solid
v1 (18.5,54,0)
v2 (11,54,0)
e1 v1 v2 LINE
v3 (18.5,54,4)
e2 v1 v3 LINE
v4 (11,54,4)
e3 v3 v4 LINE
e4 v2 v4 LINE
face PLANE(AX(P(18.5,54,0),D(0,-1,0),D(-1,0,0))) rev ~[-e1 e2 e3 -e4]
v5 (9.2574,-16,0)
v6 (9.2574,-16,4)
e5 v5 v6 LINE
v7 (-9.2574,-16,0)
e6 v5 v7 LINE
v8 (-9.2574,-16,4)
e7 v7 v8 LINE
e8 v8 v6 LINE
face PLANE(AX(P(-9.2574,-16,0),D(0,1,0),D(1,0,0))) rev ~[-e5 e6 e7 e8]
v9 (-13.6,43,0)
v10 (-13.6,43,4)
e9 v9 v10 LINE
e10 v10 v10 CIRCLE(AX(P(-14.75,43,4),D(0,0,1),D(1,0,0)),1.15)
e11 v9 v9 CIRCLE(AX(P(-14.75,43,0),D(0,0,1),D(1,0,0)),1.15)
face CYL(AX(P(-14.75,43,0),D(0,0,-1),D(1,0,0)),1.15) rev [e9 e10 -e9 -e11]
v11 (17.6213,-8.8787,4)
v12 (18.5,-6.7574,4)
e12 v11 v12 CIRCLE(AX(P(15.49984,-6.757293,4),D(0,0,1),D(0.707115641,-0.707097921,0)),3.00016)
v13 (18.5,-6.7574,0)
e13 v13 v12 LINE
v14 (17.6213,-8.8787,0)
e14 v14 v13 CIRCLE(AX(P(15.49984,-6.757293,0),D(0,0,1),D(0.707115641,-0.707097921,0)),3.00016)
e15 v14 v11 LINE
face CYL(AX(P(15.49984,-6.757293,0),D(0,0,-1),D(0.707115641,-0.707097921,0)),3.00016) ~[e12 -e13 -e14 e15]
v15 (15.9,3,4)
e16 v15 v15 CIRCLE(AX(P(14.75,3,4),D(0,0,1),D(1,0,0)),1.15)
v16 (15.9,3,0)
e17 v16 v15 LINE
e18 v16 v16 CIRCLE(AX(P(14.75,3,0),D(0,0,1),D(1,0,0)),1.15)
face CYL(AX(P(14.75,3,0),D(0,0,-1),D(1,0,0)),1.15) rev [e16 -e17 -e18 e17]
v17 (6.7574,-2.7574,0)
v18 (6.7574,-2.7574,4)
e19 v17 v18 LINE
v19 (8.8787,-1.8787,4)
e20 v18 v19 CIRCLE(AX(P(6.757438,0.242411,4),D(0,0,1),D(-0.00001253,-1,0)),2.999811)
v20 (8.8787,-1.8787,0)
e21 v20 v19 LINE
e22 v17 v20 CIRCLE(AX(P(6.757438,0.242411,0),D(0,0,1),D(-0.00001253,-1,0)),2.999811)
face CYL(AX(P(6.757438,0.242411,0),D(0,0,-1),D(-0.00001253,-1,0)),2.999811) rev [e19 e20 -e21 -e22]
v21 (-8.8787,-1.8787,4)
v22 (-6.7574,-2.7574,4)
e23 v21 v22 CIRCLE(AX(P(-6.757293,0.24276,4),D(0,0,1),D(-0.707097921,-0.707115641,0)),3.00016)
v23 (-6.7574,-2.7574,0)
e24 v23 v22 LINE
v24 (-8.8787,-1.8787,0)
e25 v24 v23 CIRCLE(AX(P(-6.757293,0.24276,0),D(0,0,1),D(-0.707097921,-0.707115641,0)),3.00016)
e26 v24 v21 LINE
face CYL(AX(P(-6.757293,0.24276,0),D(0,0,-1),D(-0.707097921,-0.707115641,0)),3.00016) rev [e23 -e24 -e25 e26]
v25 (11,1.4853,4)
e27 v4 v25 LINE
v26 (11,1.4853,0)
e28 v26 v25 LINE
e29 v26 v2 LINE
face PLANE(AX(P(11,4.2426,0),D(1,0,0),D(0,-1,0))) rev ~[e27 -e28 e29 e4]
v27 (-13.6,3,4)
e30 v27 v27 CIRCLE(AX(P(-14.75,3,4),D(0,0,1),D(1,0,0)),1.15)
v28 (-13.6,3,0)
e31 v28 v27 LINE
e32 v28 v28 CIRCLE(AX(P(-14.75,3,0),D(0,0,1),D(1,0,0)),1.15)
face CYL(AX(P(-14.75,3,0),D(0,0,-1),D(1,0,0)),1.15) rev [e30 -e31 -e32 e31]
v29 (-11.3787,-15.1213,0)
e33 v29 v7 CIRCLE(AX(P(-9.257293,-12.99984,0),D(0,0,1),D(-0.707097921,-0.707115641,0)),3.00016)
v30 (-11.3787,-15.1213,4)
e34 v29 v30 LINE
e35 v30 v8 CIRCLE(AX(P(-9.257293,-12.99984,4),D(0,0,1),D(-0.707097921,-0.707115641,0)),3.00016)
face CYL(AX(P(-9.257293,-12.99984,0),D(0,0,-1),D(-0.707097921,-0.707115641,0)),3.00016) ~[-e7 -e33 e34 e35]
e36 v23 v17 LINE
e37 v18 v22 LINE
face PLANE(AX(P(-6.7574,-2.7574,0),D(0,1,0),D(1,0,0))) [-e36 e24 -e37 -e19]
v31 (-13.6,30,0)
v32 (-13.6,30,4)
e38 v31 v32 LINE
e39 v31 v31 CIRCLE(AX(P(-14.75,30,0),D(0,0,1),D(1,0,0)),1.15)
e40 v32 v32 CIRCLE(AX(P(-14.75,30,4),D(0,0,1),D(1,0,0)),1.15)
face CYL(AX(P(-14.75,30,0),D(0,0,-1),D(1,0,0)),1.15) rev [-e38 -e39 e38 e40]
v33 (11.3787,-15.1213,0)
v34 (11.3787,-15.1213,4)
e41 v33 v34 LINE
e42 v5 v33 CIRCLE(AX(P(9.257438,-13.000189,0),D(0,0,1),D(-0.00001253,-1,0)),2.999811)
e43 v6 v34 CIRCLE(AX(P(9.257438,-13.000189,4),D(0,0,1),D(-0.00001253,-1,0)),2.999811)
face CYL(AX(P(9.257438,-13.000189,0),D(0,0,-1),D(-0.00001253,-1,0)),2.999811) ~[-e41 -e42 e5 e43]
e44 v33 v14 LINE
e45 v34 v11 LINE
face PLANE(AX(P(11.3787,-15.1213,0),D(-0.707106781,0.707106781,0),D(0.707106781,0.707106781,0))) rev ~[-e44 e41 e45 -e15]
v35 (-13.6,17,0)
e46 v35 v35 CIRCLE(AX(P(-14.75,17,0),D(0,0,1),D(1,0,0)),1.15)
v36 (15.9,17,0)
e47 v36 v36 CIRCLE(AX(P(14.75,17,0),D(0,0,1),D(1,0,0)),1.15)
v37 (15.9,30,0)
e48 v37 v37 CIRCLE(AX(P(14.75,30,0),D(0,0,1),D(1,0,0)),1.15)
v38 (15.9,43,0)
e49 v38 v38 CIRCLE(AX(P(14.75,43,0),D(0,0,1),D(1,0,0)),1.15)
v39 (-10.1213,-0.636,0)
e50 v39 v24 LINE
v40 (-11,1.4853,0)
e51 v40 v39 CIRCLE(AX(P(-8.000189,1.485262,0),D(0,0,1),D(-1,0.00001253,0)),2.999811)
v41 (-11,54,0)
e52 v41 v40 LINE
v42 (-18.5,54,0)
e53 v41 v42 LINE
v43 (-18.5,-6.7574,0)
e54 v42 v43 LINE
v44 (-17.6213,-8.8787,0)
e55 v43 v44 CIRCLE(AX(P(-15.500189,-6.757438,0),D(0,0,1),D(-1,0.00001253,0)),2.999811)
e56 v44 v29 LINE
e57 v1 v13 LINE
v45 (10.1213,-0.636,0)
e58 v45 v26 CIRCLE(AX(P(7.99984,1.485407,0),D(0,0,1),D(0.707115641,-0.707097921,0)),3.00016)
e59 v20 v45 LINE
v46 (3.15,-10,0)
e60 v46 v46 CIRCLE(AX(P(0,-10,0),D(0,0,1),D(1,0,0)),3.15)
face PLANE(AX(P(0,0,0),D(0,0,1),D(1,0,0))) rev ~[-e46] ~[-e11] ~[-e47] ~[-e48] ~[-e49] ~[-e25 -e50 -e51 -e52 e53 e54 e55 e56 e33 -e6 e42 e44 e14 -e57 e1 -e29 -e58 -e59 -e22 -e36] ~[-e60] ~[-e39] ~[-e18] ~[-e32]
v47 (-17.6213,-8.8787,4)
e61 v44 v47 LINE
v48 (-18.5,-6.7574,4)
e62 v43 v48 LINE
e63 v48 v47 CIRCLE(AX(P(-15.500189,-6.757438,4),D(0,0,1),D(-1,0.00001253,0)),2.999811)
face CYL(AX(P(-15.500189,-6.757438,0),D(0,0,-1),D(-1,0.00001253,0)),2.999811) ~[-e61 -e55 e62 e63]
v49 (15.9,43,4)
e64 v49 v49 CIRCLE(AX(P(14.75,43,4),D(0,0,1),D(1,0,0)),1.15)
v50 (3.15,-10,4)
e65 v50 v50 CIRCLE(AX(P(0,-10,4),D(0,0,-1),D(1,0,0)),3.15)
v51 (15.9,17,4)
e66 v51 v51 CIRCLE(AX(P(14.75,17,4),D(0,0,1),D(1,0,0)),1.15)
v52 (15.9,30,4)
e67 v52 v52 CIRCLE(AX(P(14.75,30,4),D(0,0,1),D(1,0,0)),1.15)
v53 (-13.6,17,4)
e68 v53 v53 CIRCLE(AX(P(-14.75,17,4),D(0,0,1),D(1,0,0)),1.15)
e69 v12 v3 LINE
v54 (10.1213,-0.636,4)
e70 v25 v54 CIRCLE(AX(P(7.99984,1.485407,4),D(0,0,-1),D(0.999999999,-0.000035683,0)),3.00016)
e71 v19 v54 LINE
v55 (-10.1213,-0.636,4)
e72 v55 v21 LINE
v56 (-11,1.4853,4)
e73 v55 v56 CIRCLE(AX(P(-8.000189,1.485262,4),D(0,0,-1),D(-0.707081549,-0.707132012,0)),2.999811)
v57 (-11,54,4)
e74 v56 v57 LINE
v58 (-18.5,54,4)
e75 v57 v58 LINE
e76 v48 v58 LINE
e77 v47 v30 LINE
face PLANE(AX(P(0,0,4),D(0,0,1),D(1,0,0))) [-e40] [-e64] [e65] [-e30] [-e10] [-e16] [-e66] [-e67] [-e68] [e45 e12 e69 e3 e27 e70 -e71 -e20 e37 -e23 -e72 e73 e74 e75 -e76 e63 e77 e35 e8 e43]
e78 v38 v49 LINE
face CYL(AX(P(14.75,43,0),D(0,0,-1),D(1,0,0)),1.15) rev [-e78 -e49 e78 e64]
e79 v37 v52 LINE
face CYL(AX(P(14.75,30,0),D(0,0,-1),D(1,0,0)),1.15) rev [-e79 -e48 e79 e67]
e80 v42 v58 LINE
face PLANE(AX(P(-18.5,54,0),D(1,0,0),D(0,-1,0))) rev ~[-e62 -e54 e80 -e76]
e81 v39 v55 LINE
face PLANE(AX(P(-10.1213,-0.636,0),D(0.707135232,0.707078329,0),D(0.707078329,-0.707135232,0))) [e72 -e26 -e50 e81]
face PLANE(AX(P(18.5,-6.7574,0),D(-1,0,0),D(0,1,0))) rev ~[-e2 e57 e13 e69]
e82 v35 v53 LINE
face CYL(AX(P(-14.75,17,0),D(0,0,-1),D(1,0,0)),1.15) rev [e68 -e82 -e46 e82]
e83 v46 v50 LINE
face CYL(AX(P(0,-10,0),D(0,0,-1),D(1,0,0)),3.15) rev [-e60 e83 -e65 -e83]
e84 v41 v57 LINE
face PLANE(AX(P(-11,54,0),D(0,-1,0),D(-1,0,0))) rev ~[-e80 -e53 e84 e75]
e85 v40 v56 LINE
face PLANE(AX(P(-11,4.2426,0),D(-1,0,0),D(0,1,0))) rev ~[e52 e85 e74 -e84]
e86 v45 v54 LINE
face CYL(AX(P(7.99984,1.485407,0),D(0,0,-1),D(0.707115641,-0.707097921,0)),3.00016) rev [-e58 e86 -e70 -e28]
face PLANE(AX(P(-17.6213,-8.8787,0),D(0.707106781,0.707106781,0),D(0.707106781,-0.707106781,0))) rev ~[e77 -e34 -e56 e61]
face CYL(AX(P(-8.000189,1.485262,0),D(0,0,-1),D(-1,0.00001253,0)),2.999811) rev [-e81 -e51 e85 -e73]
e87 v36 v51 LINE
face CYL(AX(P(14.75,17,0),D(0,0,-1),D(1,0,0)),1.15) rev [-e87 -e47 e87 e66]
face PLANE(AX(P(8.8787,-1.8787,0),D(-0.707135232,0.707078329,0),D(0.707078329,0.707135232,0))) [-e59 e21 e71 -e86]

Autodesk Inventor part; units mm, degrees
ref_plane "YZ Plane" through (0, 0, 0) normal (1, 0, 0) x (0, 1, 0)
ref_plane "XZ Plane" through (0, 0, 0) normal (0, 1, 0) x (-1, 0, 0)
ref_plane "XY Plane" through (0, 0, 0) normal (0, 0, 1) x (1, 0, 0)
sketch "Skizze2" plane through (0, 0, 0) normal (0, 0, 1) x (1, 0, 0)
  line L0 (-26.1954, 0) -> (26.1954, 0) projected
  line L1 (0, -30.2532) -> (0, 68.0422) projected
  line L2 (-18.5, 54) -> (-18.5, -6.7574)
  line L3 (-9.2574, -16) -> (9.2574, -16)
  line L4 (18.5, -6.7574) -> (18.5, 54)
  line L5 (18.5, 54) -> (11, 54)
  line L6 (11, 54) -> (11, 4.2426)
  line L7 (-11, 4.2426) -> (-11, 54)
  line L8 (-11, 54) -> (-18.5, 54)
  circle A0 centre (0, -10) radius 3.15
  circle A1 centre (-14.75, 43) radius 1.15
  circle A2 centre (-14.75, 30) radius 1.15
  circle A3 centre (-14.75, 17) radius 1.15
  circle A4 centre (-14.75, 3) radius 1.15
  circle A5 centre (14.75, 43) radius 1.15
  circle A6 centre (14.75, 30) radius 1.15
  circle A7 centre (14.75, 17) radius 1.15
  circle A8 centre (14.75, 3) radius 1.15
  line L9 (-17.6213, -8.8787) -> (-11.3787, -15.1213)
  line L10 (11.3787, -15.1213) -> (17.6213, -8.8787)
  arc A9 (-18.5, -6.7574) -> (-17.6213, -8.8787) centre (-15.5, -6.7574) ccw
  arc A10 (-11.3787, -15.1213) -> (-9.2574, -16) centre (-9.2574, -13) ccw
  arc A11 (9.2574, -16) -> (11.3787, -15.1213) centre (9.2574, -13) ccw
  line L11 (-11, 4.2426) -> (-11, 1.4853)
  line L12 (11, 4.2426) -> (11, 1.4853)
  line L13 (-6.7574, -2.7574) -> (6.7574, -2.7574)
  line L14 (-10.1213, -0.636) -> (-8.8787, -1.8787)
  line L15 (8.8787, -1.8787) -> (10.1213, -0.636)
  arc A12 (-11, 1.4853) -> (-10.1213, -0.636) centre (-8, 1.4853) ccw
  arc A13 (-8.8787, -1.8787) -> (-6.7574, -2.7574) centre (-6.7574, 0.2426) ccw
  arc A14 (6.7574, -2.7574) -> (8.8787, -1.8787) centre (6.7574, 0.2426) ccw
  arc A15 (10.1213, -0.636) -> (11, 1.4853) centre (8, 1.4853) ccw
  arc A16 (17.6213, -8.8787) -> (18.5, -6.7574) centre (15.5, -6.7574) ccw
  point P0 (0, 0)
  point P1 (-18.5, -16)
  point P2 (18.5, -16)
  point P3 (11, 0)
  point P4 (-11, 0)
  point P5 (-8, 0)
  point P6 (-11, 3)
  point P7 (8, 0)
  point P8 (11, 3)
  point P9 (-18.5, -8)
  point P10 (-10.5, -16)
  point P11 (10.5, -16)
  point P12 (18.5, -8)
  point P13 (-11, -2.7574)
  point P14 (11, -2.7574)
  point P15 (-11, 0.2426)
  point P16 (-8, -2.7574)
  point P17 (8, -2.7574)
  point P18 (11, 0.2426)
  dimension "d0" = 70
  dimension "d1" = 37
  dimension "d2" = 90
  dimension "d3" = 70
  dimension "d4" = 90
  dimension "d6" = 7.5
  dimension "d8" = 90
  dimension "d9" = 22
  dimension "d10" = 54
  dimension "d11" = 6.3
  dimension "d13" = 6
  dimension "d14" = 2.3
  dimension "d15" = 3.75
  dimension "d16" = 11
  dimension "d17" = 2.3
  dimension "d18" = 2.3
  dimension "d19" = 2.3
  dimension "d20" = 13
  dimension "d21" = 13
  dimension "d22" = 14
  dimension "d23" = 3.75
  dimension "d24" = 3.75
  dimension "d25" = 3.75
  dimension "d26" = 2.3
  dimension "d27" = 2.3
  dimension "d28" = 2.3
  dimension "d29" = 2.3
  dimension "d30" = 3.75
  dimension "d31" = 3
  dimension "d32" = 3
  dimension "d33" = 3
  dimension "d34" = 3
  dimension "d35" = 8
  dimension "d36" = 8
  dimension "d37" = 8
  dimension "d38" = 8
  dimension "d45" = 7
  dimension "d46" = 7
  dimension "d47" = 3
  dimension "d48" = 3
  dimension "d49" = 3
  dimension "d50" = 3
  dimension "d51" = 3
  dimension "d52" = 90
  dimension "d53" = 54
  dimension "d54" = 2.7574
  dimension "d55" = 11
  dimension "d56" = 8
  dimension "d57" = 8
  dimension "d58" = 3
extrude "Extrusion1" add sketch "Skizze2" along normal blind 4 contours L2 L8 L7 L11 A12 L0 | L0 A12 L14 A13 L13 L1 A0 L3 A10 L9 A9 L2 | A15 L12 L6 L5 L4 L0 | L0 L4 A16 L10 A11 L3 L1 A0 L13 A14 L15 A15
equation "\"d3\" = d0"
equation "\"d14\" = d29"
equation "\"d17\" = d28"
equation "\"d18\" = d28"
equation "\"d19\" = d29"
equation "\"d23\" = d24"
equation "\"d24\" = d25"
equation "\"d25\" = d15"
equation "\"d26\" = d29"
equation "\"d27\" = d28"
equation "\"d28\" = d29"
equation "\"d30\" = d15"
equation "\"d32\" = d31"
equation "\"d33\" = d31"
equation "\"d34\" = d33"
equation "\"d36\" = d35"
equation "\"d37\" = d35"
equation "\"d38\" = d37"
equation "\"d46\" = d45"
equation "\"d48\" = d47"
equation "\"d49\" = d47"
equation "\"d50\" = d49"
properties part number "Part1_new1" material "Aluminium 6061"
